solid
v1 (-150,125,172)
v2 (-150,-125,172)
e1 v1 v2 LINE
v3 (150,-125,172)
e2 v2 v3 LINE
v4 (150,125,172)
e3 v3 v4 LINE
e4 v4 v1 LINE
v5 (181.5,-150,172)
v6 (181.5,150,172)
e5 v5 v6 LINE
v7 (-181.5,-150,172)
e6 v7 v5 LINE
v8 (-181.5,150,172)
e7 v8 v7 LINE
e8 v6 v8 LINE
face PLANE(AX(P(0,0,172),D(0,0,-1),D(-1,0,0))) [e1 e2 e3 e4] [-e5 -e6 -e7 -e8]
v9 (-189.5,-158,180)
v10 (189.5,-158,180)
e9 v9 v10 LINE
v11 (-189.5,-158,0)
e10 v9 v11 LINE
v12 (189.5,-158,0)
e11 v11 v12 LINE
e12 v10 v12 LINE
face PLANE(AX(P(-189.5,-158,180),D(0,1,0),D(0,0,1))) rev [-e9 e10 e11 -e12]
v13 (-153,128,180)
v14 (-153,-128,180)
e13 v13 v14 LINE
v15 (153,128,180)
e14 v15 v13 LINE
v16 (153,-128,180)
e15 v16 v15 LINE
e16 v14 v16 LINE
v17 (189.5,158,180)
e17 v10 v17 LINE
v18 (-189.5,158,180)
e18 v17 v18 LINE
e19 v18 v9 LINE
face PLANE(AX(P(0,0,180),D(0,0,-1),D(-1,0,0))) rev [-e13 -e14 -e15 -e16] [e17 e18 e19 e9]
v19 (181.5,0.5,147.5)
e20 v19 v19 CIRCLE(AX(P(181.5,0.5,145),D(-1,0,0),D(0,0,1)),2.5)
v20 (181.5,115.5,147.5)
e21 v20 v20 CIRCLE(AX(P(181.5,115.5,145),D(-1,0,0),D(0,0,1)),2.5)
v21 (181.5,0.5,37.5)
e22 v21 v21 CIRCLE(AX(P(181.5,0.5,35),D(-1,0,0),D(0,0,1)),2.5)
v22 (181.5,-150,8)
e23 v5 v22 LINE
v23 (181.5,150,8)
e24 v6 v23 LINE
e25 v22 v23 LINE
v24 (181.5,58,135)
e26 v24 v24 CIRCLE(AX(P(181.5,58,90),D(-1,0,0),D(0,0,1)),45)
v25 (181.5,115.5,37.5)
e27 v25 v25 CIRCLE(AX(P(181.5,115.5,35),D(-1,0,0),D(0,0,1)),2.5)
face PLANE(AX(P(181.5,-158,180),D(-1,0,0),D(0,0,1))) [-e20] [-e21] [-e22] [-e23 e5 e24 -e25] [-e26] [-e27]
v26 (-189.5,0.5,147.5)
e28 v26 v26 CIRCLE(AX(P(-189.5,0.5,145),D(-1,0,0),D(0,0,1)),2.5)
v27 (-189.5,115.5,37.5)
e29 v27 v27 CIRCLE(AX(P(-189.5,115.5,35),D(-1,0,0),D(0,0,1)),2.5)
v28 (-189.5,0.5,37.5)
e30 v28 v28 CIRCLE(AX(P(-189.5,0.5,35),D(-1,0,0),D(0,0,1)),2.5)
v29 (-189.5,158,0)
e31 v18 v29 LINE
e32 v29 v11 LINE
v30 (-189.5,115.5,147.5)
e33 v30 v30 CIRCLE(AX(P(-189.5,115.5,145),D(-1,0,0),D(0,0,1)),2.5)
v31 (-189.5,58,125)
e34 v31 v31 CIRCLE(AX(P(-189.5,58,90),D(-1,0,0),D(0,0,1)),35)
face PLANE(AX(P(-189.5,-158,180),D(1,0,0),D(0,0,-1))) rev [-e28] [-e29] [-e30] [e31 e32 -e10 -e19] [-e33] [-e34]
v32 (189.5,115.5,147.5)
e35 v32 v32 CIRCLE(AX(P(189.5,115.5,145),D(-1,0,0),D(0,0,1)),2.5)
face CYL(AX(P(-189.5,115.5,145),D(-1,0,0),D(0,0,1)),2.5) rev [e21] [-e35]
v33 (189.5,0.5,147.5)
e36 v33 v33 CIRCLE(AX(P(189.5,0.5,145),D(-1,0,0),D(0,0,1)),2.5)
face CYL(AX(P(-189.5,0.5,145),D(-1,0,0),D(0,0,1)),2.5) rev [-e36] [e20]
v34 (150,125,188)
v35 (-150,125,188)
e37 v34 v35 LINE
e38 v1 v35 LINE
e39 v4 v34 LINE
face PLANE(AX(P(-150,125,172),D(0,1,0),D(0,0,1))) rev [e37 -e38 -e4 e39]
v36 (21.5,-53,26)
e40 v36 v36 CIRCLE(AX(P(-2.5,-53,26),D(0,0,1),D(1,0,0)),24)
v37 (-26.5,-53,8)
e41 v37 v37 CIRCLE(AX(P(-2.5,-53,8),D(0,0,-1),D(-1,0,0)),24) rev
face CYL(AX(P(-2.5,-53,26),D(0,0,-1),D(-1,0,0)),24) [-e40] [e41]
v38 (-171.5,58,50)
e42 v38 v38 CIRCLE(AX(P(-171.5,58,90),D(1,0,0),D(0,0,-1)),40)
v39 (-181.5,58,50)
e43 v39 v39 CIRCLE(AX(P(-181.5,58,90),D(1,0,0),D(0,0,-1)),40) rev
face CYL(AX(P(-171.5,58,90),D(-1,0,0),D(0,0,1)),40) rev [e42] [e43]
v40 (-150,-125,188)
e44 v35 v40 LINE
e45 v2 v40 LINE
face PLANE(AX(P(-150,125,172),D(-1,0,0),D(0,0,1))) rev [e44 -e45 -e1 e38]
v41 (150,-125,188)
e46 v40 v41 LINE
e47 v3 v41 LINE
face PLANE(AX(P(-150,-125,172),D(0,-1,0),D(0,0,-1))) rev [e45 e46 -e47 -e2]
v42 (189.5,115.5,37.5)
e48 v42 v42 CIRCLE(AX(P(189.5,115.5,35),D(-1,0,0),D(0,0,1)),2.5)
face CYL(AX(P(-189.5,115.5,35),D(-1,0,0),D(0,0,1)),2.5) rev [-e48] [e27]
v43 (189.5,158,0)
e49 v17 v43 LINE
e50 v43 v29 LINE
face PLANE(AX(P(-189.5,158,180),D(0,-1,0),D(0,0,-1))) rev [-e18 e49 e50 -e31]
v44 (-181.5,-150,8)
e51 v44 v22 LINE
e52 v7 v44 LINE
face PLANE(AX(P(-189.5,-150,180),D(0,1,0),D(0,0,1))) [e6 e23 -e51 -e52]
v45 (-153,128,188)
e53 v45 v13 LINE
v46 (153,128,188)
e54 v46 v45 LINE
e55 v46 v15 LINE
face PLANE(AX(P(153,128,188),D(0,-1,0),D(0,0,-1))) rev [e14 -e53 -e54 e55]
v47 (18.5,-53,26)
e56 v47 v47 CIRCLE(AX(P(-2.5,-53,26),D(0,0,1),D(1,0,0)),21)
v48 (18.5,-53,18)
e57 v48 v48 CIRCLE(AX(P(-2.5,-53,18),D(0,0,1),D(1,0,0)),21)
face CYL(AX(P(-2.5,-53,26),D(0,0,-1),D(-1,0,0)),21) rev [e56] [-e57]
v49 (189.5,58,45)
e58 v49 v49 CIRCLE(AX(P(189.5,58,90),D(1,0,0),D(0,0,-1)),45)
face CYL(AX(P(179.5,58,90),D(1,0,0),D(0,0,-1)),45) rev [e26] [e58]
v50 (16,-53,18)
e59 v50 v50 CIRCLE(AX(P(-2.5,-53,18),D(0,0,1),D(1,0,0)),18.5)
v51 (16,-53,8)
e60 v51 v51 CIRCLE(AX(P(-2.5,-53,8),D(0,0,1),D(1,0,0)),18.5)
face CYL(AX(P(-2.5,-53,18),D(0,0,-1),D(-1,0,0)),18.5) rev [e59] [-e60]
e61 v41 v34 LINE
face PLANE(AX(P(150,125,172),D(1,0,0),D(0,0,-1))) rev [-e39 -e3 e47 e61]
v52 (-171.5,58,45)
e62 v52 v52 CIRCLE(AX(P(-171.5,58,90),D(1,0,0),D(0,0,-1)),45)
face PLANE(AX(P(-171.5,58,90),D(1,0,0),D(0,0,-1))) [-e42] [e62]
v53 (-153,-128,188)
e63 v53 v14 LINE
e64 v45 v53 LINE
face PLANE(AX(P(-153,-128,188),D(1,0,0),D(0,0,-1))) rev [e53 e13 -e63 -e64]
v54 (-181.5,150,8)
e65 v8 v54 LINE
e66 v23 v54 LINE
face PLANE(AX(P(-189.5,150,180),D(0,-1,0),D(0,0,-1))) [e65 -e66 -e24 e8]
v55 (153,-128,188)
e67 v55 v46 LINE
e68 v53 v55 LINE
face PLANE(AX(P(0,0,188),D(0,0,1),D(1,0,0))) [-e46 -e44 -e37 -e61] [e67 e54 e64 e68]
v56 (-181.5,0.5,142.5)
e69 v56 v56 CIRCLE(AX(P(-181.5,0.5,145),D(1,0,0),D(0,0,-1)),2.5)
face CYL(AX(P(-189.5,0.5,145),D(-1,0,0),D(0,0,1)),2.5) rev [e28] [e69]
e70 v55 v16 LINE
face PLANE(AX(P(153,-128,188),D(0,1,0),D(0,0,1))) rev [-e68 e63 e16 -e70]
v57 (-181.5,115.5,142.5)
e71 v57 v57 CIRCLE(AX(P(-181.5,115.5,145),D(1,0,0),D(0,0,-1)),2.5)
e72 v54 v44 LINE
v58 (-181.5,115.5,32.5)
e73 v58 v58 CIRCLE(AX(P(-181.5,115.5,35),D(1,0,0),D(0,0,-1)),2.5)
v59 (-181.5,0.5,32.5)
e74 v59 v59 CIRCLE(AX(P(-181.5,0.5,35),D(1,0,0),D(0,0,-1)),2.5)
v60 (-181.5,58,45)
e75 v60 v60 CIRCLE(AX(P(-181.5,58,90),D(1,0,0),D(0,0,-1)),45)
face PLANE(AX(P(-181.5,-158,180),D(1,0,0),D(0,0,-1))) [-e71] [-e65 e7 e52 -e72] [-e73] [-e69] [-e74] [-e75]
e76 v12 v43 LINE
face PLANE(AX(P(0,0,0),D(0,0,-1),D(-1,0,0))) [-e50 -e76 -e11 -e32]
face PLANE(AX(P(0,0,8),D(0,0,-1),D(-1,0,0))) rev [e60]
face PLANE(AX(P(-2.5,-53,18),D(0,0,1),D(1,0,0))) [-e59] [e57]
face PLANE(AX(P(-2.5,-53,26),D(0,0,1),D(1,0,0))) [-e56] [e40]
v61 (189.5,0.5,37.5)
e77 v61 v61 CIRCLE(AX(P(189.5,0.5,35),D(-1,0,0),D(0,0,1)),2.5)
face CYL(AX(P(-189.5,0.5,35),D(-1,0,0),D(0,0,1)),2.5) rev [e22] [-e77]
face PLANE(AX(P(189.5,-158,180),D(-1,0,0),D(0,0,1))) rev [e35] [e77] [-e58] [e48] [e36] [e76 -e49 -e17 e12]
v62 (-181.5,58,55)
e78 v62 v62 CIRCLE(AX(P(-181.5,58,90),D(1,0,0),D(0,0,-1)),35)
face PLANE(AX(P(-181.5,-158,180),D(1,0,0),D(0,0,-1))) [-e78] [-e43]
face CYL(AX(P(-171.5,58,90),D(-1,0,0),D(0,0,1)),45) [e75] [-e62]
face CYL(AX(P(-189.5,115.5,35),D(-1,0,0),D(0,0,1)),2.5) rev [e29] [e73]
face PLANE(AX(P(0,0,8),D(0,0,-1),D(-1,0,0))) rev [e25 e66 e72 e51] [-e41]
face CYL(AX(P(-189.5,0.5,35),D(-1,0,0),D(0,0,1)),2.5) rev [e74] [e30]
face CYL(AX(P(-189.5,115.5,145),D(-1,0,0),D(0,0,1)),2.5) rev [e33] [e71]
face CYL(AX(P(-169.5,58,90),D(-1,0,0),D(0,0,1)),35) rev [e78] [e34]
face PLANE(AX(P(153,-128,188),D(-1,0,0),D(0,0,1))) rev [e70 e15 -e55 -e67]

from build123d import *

# Parameters (mm, degrees)
CROQUIS1_W               = 379
CROQUIS1_H               = 316
SALIENTE_EXTRUIR1_DEPTH  = 180
VACIADO1_T               = -8
CROQUIS2_R               = 35
CORTAR_EXTRUIR4_DEPTH    = 20
CROQUIS4_R               = 45
CROQUIS4_R_2             = 40
SALIENTE_EXTRUIR4_DEPTH  = 10
CORTAR_EXTRUIR6_START    = -10
CROQUIS6_R               = 45
CORTAR_EXTRUIR6_DEPTH    = 10
CROQUIS7_R               = 24
CROQUIS7_R_2             = 21
SALIENTE_EXTRUIR9_DEPTH  = 18
CROQUIS11_W              = 363
CROQUIS11_H              = 300
CROQUIS11_W_2            = 300
CROQUIS11_H_2            = 250
SALIENTE_EXTRUIR10_DEPTH = 8
CROQUIS12_W              = 306
CROQUIS12_H              = 256
CROQUIS12_W_2            = 300
CROQUIS12_H_2            = 250
SALIENTE_EXTRUIR11_DEPTH = 8
CROQUIS20_R              = 21
CROQUIS20_R_2            = 18.5
SALIENTE_EXTRUIR19_DEPTH = 10
TALADRO_ROSCADO_M63_D    = 5


with BuildPart() as part:
    # Croquis1 → Saliente-Extruir1 (new body)
    with BuildSketch(Plane.XY):
        Rectangle(CROQUIS1_W, CROQUIS1_H)
    extrude(amount=SALIENTE_EXTRUIR1_DEPTH)

    # Vaciado1
    vaciado1_openings = [part.faces().sort_by_distance(p)[0] for p in [
        (0, 0, 180),
    ]]
    offset(amount=VACIADO1_T, openings=vaciado1_openings, kind=Kind.INTERSECTION)

    # Croquis2 → Cortar-Extruir4 (cut)
    with BuildSketch(Plane.ZY.offset(189.5)):
        with Locations((90, 58)):
            Circle(CROQUIS2_R)
    extrude(amount=-CORTAR_EXTRUIR4_DEPTH, mode=Mode.SUBTRACT)

    # Croquis4 → Saliente-Extruir4 (add)
    with BuildSketch(Plane(origin=(-181.5, 0, 0), x_dir=(0, 0, -1), z_dir=(1, 0, 0))):
        with Locations((-90, 58)):
            Circle(CROQUIS4_R)
        with Locations((-90, 58)):
            Circle(CROQUIS4_R_2, mode=Mode.SUBTRACT)
    extrude(amount=SALIENTE_EXTRUIR4_DEPTH)

    # Croquis6 → Cortar-Extruir6 (cut)
    with BuildSketch(Plane(origin=(189.5, 0, 0), x_dir=(0, 0, -1), z_dir=(1, 0, 0)).offset(CORTAR_EXTRUIR6_START)):
        with Locations((-90, 58)):
            Circle(CROQUIS6_R)
    extrude(amount=CORTAR_EXTRUIR6_DEPTH, mode=Mode.SUBTRACT)

    # Croquis7 → Saliente-Extruir9 (add)
    with BuildSketch(Plane.XY.offset(8)):
        with Locations(Location((-2.5, -53, 0), (0, 0, 180))):
            Circle(CROQUIS7_R)
        with Locations((-2.5, -53)):
            Circle(CROQUIS7_R_2, mode=Mode.SUBTRACT)
    extrude(amount=SALIENTE_EXTRUIR9_DEPTH)

    # Croquis11 → Saliente-Extruir10 (add)
    with BuildSketch(Plane.XY.offset(180)):
        Rectangle(CROQUIS11_W, CROQUIS11_H)
        Rectangle(CROQUIS11_W_2, CROQUIS11_H_2, mode=Mode.SUBTRACT)
    extrude(amount=-SALIENTE_EXTRUIR10_DEPTH)

    # Croquis12 → Saliente-Extruir11 (add)
    with BuildSketch(Plane.XY.offset(180)):
        Rectangle(CROQUIS12_W, CROQUIS12_H)
        Rectangle(CROQUIS12_W_2, CROQUIS12_H_2, mode=Mode.SUBTRACT)
    extrude(amount=SALIENTE_EXTRUIR11_DEPTH)

    # Croquis20 → Saliente-Extruir19 (add)
    with BuildSketch(Plane.XY.offset(8)):
        with Locations((-2.5, -53)):
            Circle(CROQUIS20_R)
        with Locations((-2.5, -53)):
            Circle(CROQUIS20_R_2, mode=Mode.SUBTRACT)
    extrude(amount=SALIENTE_EXTRUIR19_DEPTH)

    # Taladro roscado M63 (through all)
    with Locations(Plane(origin=(-189.5, 115.5, 35), x_dir=(0, 0, -1), z_dir=(-1, 0, 0))):
        with Locations((0, 0), (-110, 0), (-110, 115), (0, 115)):
            Hole(TALADRO_ROSCADO_M63_D / 2)


solid = part.part
